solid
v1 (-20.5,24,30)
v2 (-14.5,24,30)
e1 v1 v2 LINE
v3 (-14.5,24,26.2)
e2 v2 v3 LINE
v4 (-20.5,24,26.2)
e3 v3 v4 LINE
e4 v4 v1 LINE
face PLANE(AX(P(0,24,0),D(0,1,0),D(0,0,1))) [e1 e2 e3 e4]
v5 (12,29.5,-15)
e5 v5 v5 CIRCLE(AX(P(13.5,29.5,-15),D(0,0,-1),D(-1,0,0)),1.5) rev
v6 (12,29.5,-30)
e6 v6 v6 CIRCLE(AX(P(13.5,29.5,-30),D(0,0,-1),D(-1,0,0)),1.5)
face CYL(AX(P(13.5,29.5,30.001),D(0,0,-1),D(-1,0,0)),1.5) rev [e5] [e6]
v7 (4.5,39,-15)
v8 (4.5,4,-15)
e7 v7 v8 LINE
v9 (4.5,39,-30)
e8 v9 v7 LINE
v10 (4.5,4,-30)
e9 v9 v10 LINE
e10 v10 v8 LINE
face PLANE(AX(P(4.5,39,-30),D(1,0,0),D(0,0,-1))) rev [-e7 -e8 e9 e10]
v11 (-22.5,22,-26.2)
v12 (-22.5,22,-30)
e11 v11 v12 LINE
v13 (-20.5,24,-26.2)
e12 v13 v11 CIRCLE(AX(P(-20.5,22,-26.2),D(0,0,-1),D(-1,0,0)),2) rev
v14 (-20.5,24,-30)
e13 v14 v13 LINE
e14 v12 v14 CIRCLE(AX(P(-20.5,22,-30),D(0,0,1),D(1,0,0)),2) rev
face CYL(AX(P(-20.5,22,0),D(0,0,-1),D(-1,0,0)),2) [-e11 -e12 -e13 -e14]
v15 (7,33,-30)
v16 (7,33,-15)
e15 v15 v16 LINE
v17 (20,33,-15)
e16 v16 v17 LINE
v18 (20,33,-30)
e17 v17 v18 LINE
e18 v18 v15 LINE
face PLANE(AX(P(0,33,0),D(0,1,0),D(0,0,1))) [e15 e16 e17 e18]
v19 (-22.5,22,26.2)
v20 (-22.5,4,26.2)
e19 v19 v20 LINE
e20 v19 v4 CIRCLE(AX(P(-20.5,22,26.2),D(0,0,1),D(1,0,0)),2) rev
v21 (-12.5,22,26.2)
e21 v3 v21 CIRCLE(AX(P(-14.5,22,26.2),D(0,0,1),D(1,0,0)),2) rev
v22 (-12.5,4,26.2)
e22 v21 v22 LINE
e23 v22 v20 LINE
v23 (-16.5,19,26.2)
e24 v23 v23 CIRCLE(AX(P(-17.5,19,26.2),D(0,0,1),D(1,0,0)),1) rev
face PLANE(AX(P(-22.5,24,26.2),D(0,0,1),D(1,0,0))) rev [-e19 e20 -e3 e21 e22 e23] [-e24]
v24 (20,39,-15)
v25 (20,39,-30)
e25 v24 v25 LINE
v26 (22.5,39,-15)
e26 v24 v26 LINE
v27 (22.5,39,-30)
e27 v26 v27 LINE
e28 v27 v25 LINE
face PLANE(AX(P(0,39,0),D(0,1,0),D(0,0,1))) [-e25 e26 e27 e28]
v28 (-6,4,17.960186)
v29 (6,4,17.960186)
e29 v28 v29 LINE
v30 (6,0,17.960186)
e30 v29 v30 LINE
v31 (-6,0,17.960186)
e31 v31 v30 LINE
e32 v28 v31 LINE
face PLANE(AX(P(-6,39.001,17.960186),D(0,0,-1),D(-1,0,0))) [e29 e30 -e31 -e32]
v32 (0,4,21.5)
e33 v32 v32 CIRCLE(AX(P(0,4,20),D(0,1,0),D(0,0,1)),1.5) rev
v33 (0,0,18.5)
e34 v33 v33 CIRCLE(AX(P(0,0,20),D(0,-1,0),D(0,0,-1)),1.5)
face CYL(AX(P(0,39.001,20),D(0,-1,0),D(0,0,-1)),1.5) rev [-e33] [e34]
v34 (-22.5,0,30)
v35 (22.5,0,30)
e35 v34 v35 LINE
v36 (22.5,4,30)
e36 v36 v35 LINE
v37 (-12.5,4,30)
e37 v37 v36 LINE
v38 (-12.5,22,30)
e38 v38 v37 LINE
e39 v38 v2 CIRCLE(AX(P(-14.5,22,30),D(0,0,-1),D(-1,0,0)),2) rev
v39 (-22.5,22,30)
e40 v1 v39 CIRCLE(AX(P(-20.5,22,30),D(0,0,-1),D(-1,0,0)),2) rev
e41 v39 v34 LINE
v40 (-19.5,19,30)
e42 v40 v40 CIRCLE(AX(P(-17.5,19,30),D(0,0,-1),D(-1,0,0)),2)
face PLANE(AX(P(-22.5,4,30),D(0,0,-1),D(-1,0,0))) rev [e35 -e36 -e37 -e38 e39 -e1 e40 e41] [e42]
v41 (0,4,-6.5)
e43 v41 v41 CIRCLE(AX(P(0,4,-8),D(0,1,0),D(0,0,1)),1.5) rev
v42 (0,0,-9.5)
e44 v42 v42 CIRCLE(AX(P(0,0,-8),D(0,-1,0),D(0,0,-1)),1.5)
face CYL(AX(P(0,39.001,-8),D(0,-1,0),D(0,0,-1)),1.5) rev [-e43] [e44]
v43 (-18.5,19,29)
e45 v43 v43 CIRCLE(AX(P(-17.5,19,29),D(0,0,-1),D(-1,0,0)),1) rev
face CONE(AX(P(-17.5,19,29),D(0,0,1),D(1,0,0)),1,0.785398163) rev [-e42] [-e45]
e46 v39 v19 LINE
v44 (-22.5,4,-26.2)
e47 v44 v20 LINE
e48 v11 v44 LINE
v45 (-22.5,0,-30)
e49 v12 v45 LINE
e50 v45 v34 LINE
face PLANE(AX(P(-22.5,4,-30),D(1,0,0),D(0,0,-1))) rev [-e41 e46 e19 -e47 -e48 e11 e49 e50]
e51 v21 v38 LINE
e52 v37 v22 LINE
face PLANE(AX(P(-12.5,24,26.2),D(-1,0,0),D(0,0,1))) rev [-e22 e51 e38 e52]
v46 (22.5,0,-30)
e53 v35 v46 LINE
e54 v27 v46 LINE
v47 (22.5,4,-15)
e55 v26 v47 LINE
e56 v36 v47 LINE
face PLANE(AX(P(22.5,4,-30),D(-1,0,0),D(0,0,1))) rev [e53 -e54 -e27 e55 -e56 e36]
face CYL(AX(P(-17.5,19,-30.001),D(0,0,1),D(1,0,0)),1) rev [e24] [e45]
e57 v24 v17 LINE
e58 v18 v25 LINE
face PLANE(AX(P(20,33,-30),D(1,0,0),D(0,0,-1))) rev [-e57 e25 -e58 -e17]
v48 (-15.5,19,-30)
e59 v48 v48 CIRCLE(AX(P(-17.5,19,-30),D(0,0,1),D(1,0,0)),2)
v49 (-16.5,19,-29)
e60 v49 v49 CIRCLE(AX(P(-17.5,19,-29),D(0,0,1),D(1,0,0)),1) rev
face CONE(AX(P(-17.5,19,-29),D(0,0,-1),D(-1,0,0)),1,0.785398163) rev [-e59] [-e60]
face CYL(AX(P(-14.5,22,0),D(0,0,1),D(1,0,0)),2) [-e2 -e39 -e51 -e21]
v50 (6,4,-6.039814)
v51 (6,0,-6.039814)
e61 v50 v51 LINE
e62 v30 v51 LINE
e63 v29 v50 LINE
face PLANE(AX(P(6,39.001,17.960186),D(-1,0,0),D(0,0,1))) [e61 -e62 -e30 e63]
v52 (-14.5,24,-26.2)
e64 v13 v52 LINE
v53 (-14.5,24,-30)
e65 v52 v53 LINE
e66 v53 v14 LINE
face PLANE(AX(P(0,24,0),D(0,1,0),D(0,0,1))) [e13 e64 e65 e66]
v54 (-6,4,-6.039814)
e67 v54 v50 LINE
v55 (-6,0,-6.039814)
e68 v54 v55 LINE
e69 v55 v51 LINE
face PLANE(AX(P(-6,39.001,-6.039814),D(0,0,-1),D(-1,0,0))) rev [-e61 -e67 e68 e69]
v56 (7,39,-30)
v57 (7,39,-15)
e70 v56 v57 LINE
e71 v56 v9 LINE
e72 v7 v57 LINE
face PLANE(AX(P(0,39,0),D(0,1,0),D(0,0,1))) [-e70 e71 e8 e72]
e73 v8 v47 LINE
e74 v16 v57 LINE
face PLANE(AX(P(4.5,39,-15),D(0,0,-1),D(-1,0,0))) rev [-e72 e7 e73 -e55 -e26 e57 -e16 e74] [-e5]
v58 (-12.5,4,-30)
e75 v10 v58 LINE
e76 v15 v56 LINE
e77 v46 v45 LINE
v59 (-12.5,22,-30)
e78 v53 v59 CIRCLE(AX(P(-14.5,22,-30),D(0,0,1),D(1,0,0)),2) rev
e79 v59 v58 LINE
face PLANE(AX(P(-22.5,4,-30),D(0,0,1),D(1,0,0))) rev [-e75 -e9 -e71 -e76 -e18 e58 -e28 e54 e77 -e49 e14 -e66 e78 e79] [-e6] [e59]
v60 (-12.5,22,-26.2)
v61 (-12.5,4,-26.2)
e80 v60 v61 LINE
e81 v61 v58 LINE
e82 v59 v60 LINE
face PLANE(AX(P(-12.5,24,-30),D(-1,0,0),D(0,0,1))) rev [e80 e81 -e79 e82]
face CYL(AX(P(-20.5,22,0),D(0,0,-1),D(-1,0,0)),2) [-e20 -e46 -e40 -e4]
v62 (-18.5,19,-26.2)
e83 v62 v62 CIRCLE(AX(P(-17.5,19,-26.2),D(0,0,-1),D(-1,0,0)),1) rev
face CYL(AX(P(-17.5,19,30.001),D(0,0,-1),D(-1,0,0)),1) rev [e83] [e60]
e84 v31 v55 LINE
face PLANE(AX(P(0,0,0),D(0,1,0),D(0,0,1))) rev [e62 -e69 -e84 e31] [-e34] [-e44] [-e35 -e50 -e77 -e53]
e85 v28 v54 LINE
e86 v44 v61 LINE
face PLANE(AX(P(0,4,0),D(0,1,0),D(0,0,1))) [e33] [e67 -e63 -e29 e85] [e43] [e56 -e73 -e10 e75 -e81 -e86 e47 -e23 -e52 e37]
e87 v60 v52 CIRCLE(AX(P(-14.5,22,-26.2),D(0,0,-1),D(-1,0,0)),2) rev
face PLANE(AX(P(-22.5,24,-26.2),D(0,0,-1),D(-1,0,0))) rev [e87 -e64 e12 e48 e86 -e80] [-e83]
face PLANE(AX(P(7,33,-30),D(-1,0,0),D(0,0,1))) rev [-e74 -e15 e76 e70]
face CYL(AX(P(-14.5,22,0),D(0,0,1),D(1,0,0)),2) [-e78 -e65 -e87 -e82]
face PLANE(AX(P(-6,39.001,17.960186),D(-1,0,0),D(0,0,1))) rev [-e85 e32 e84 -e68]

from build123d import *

# Parameters (mm, degrees)
SKETCH1_W           = 45
SKETCH1_H           = 60
BOSS_EXTRUDE1_DEPTH = 4
SKETCH2_W           = 10
SKETCH2_H           = 3.8
BOSS_EXTRUDE2_DEPTH = 20
CUT_EXTRUDE1_REACH  = 70.427
SKETCH3_R           = 1
CUT_EXTRUDE2_REACH  = 70.427
SKETCH4_R           = 1
SKETCH5_W           = 18
SKETCH5_H           = 15
BOSS_EXTRUDE3_DEPTH = 35
SKETCH6_W           = 13
SKETCH6_H           = 20
CUT_EXTRUDE3_DEPTH  = 6
CUT_EXTRUDE4_REACH  = 77.015
SKETCH7_R           = 1.5
FILLET1_R           = 2
CHAMFER2_SIZE       = 1
CHAMFER3_SIZE       = 1
CUT_EXTRUDE5_REACH  = 56.104
SKETCH8_R           = 1.5
SKETCH8_W           = 12
SKETCH8_H           = 24


with BuildPart() as part:
    # Sketch1 → Boss-Extrude1 (new body)
    with BuildSketch(Plane(origin=(0, 0, 0), x_dir=(1, 0, 0), z_dir=(0, 1, 0))):
        Rectangle(SKETCH1_W, SKETCH1_H)
    extrude(amount=BOSS_EXTRUDE1_DEPTH)

    # Sketch2 → Boss-Extrude2 (add)
    with BuildSketch(Plane(origin=(0, 4, 0), x_dir=(1, 0, 0), z_dir=(0, 1, 0))):
        with Locations((-17.5, 28.1)):
            Rectangle(SKETCH2_W, SKETCH2_H)
        with Locations((-17.5, -28.1)):
            Rectangle(SKETCH2_W, SKETCH2_H)
    extrude(amount=BOSS_EXTRUDE2_DEPTH)

    # Sketch3 → Cut-Extrude1 (cut, up to next)
    with BuildSketch(Plane.XY.offset(30), mode=Mode.PRIVATE) as cut_extrude1_sk1:
        with Locations((-17.5, 19)):
            Circle(SKETCH3_R)
    cut_extrude1_tool1 = extrude(cut_extrude1_sk1.sketch, amount=-CUT_EXTRUDE1_REACH, mode=Mode.PRIVATE) & part.part
    add(cut_extrude1_tool1.solids().sort_by_distance((-17.5, 19, 30))[0], mode=Mode.SUBTRACT)

    # Sketch4 → Cut-Extrude2 (cut, up to next)
    with BuildSketch(Plane(origin=(0, 0, -30), x_dir=(-1, 0, 0), z_dir=(0, 0, -1)), mode=Mode.PRIVATE) as cut_extrude2_sk1:
        with Locations(Location((17.5, 19, 0), (0, 0, 180))):
            Circle(SKETCH4_R)
    cut_extrude2_tool1 = extrude(cut_extrude2_sk1.sketch, amount=-CUT_EXTRUDE2_REACH, mode=Mode.PRIVATE) & part.part
    add(cut_extrude2_tool1.solids().sort_by_distance((-17.5, 19, -30))[0], mode=Mode.SUBTRACT)

    # Sketch5 → Boss-Extrude3 (add)
    with BuildSketch(Plane(origin=(0, 4, 0), x_dir=(1, 0, 0), z_dir=(0, 1, 0))):
        with Locations((13.5, 22.5)):
            Rectangle(SKETCH5_W, SKETCH5_H)
    extrude(amount=BOSS_EXTRUDE3_DEPTH)

    # Sketch6 → Cut-Extrude3 (cut)
    with BuildSketch(Plane(origin=(0, 39, 0), x_dir=(1, 0, 0), z_dir=(0, 1, 0))):
        with Locations((13.5, 20)):
            Rectangle(SKETCH6_W, SKETCH6_H)
    extrude(amount=-CUT_EXTRUDE3_DEPTH, mode=Mode.SUBTRACT)

    # Sketch7 → Cut-Extrude4 (cut, up to next)
    with BuildSketch(Plane(origin=(0, 0, -30), x_dir=(-1, 0, 0), z_dir=(0, 0, -1)), mode=Mode.PRIVATE) as cut_extrude4_sk1:
        with Locations((-13.5, 29.5)):
            Circle(SKETCH7_R)
    cut_extrude4_tool1 = extrude(cut_extrude4_sk1.sketch, amount=-CUT_EXTRUDE4_REACH, mode=Mode.PRIVATE) & part.part
    add(cut_extrude4_tool1.solids().sort_by_distance((13.5, 29.5, -30))[0], mode=Mode.SUBTRACT)

    # Fillet1
    fillet1_edges = [part.edges().sort_by_distance(p)[0] for p in [
        (-12.5, 24, -28.1),
        (-22.5, 24, -28.1),
        (-12.5, 24, 28.1),
        (-22.5, 24, 28.1),
    ]]
    fillet(fillet1_edges, radius=FILLET1_R)

    # Chamfer2
    chamfer2_edges = [part.edges().sort_by_distance(p)[0] for p in [
        (-18.5, 19, -30),
    ]]
    chamfer(chamfer2_edges, length=CHAMFER2_SIZE)

    # Chamfer3
    chamfer3_edges = [part.edges().sort_by_distance(p)[0] for p in [
        (-18.5, 19, 30),
    ]]
    chamfer(chamfer3_edges, length=CHAMFER3_SIZE)

    # Sketch8 → Cut-Extrude5 (cut, up to next)
    with BuildSketch(Plane.XZ, mode=Mode.PRIVATE) as cut_extrude5_sk1:
        with Locations(Location((0, -8, 0), (0, 0, 270))):
            Circle(SKETCH8_R)
    cut_extrude5_tool1 = extrude(cut_extrude5_sk1.sketch, amount=-CUT_EXTRUDE5_REACH, mode=Mode.PRIVATE) & part.part
    # Sketch8 → Cut-Extrude5 (cut, up to next)
    with BuildSketch(Plane.XZ, mode=Mode.PRIVATE) as cut_extrude5_sk2:
        with Locations(Location((0, 20, 0), (0, 0, 270))):
            Circle(SKETCH8_R)
    cut_extrude5_tool2 = extrude(cut_extrude5_sk2.sketch, amount=-CUT_EXTRUDE5_REACH, mode=Mode.PRIVATE) & part.part
    # Sketch8 → Cut-Extrude5 (cut, up to next)
    with BuildSketch(Plane.XZ, mode=Mode.PRIVATE) as cut_extrude5_sk3:
        with Locations((0, 5.960185671)):
            Rectangle(SKETCH8_W, SKETCH8_H)
    cut_extrude5_tool3 = extrude(cut_extrude5_sk3.sketch, amount=-CUT_EXTRUDE5_REACH, mode=Mode.PRIVATE) & part.part
    add(cut_extrude5_tool1.solids().sort_by_distance((0, 0, -8))[0], mode=Mode.SUBTRACT)
    add(cut_extrude5_tool2.solids().sort_by_distance((0, 0, 20))[0], mode=Mode.SUBTRACT)
    add(cut_extrude5_tool3.solids().sort_by_distance((0, 0, 5.960186))[0], mode=Mode.SUBTRACT)


solid = part.part
